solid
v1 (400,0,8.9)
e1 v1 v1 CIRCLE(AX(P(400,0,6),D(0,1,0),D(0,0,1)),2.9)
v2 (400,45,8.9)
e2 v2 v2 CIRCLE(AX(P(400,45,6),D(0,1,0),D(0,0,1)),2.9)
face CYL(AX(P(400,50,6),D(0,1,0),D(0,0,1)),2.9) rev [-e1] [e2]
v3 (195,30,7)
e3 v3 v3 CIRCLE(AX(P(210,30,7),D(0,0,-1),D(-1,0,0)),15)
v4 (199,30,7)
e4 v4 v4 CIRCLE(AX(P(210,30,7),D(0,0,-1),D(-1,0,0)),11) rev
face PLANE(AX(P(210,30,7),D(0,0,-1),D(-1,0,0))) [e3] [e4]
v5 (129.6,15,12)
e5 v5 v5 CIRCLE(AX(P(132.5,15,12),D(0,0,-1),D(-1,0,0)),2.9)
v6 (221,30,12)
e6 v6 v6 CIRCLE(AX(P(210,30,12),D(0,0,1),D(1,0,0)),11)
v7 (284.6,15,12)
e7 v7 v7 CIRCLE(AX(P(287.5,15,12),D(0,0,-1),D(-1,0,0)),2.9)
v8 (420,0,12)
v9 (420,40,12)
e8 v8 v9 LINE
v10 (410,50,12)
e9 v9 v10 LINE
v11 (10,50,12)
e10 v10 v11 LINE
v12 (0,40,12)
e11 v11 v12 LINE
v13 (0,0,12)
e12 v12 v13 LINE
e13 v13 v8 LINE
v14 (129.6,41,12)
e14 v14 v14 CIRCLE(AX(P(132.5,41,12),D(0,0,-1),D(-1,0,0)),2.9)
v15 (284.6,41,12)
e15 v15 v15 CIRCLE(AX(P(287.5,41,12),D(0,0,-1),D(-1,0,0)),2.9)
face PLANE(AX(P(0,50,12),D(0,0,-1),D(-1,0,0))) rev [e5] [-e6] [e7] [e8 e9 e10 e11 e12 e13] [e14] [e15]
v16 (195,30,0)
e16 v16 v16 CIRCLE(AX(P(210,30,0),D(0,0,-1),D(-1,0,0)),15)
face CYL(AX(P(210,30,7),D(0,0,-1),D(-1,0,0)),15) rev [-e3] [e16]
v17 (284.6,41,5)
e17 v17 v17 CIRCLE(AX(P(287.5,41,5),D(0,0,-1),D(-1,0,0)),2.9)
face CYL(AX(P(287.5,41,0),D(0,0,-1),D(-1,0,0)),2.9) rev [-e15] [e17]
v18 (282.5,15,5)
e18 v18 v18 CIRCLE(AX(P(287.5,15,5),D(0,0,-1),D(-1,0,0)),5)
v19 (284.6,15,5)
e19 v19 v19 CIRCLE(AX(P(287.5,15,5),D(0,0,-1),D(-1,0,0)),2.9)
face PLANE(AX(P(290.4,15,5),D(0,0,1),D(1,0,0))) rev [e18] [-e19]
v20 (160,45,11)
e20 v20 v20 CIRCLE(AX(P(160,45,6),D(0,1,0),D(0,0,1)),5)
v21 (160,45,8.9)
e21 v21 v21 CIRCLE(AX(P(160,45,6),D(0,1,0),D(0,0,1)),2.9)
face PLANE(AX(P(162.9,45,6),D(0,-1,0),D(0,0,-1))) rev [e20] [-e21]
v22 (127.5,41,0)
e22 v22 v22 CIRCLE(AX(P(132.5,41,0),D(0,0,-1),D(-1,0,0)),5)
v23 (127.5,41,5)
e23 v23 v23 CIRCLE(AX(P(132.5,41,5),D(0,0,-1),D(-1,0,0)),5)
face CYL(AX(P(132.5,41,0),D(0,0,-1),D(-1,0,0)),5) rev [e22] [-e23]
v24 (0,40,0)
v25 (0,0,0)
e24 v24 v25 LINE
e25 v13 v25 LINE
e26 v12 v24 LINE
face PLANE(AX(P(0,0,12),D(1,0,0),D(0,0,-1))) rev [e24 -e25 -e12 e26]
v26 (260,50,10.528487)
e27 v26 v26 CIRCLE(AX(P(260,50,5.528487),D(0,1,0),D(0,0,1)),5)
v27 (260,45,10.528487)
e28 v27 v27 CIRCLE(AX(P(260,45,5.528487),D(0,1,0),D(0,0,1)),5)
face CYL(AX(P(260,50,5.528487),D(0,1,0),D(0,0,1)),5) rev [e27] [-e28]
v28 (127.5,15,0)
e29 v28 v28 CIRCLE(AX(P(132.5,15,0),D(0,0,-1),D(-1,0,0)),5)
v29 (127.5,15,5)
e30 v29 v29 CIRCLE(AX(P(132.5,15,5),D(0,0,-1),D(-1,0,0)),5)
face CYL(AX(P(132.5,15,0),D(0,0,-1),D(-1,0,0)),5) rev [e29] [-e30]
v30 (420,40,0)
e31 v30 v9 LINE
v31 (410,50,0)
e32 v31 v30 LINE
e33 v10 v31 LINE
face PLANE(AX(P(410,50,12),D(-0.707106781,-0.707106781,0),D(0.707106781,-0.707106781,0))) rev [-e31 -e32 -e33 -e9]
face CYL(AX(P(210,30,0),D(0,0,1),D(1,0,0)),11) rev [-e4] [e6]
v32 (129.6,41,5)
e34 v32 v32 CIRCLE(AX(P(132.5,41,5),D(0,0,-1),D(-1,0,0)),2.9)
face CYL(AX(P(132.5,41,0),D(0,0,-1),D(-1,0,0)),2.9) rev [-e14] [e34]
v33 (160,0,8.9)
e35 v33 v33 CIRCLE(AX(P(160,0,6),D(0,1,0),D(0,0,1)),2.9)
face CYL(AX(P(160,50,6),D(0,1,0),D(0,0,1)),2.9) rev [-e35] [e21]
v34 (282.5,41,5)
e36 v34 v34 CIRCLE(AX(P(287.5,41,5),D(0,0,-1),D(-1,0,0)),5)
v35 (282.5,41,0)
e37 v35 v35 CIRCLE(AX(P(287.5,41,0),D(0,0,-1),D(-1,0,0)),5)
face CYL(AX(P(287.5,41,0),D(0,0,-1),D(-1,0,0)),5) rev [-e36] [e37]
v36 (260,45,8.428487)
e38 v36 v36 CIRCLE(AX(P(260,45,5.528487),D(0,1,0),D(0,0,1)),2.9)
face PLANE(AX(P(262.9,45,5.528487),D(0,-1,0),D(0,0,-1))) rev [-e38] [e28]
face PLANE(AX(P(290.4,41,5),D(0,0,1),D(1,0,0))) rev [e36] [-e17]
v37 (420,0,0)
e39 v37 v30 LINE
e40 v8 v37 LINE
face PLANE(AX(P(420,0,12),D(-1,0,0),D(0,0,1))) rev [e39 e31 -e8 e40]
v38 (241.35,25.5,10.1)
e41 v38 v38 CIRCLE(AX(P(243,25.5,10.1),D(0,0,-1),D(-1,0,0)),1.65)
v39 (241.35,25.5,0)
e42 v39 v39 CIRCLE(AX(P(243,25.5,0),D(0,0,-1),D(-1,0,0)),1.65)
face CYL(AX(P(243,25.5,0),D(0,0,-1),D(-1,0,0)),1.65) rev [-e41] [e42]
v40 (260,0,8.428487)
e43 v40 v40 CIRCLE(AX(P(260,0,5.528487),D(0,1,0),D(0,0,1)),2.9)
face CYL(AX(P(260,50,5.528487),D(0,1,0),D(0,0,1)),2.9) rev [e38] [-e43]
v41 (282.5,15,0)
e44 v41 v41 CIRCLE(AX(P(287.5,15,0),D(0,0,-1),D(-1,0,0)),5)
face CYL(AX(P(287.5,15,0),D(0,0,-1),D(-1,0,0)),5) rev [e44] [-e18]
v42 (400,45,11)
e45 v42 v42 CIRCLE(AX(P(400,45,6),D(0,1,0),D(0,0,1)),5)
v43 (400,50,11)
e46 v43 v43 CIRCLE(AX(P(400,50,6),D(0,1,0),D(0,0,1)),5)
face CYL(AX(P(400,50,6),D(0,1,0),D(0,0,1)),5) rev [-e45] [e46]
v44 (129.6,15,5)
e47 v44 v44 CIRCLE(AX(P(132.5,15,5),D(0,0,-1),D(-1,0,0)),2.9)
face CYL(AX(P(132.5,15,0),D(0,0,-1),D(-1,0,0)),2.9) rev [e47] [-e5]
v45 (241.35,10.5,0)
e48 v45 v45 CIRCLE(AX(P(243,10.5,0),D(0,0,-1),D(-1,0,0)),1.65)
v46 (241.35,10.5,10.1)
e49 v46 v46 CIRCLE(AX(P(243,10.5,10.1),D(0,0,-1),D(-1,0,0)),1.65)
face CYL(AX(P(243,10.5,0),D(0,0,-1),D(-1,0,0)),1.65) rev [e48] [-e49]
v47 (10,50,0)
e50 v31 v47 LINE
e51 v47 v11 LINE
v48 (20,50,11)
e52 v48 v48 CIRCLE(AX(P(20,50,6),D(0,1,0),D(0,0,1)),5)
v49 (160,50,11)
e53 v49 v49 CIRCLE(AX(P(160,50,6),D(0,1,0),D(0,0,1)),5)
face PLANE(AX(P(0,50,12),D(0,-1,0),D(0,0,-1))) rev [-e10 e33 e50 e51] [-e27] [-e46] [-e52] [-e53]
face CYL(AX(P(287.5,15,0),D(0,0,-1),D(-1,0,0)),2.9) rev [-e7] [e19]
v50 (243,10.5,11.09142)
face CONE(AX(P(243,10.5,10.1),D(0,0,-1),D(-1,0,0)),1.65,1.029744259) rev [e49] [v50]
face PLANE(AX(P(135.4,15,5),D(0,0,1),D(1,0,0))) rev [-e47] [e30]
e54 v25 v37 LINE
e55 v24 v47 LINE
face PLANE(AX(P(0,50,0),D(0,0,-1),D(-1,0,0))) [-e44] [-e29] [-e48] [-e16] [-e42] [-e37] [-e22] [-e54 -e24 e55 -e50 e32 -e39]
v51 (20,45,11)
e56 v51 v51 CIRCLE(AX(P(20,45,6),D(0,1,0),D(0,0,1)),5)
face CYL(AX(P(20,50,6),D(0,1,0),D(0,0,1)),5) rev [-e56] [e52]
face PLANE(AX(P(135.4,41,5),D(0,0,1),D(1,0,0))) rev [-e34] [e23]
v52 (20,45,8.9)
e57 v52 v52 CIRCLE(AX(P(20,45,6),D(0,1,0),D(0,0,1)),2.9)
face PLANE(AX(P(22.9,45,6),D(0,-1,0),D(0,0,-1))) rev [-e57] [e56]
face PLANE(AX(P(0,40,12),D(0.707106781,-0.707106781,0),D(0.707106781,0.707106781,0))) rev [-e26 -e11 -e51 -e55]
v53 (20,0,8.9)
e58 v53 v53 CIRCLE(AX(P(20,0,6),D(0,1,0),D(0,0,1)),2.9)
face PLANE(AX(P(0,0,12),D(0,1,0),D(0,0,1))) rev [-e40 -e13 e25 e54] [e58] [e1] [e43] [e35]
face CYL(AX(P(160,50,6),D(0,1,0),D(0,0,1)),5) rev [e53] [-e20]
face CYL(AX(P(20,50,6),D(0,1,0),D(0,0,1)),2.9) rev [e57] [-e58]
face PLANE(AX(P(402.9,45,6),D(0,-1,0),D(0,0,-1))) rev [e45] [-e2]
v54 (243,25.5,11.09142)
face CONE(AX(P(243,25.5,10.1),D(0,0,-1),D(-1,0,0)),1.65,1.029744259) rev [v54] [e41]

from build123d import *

# Parameters (mm, degrees)
SKETCH_1_W                   = 420
SKETCH_1_H                   = 50
EXTRUDE_1_DEPTH              = 12
CHAMFER_1_SIZE               = 10
SKETCH_2_R                   = 11
CUT_EXTRUDE_1_DEPTH          = 424.135911972
SKETCH_3_R                   = 15
CUT_EXTRUDE_2_DEPTH          = 7
HOLE_WIZARD_M5_1_D           = 5.8
HOLE_WIZARD_M5_1_CBORE_D     = 10
HOLE_WIZARD_M5_1_CBORE_DEPTH = 5
HOLE_WIZARD_M5_2_D           = 5.8
HOLE_WIZARD_M5_2_CBORE_D     = 10
HOLE_WIZARD_M5_2_CBORE_DEPTH = 5
HOLE_WIZARD_M4_1_D           = 3.3
HOLE_WIZARD_M4_1_DEPTH       = 10.1
HOLE_WIZARD_M4_1_TIP         = 0.991420021


with BuildPart() as part:
    # 草图1 → 凸台-拉伸1 (new body)
    with BuildSketch(Plane.XY):
        with Locations((210, 25)):
            Rectangle(SKETCH_1_W, SKETCH_1_H)
    extrude(amount=EXTRUDE_1_DEPTH)

    # 倒角1
    chamfer_1_edges = [part.edges().sort_by_distance(p)[0] for p in [
        (0, 50, 6),
        (420, 50, 6),
    ]]
    chamfer(chamfer_1_edges, length=CHAMFER_1_SIZE)

    # 草图2 → 切除-拉伸1 (cut, through all)
    with BuildSketch(Plane.XY.offset(12)):
        with Locations((210, 30)):
            Circle(SKETCH_2_R)
    extrude(amount=-CUT_EXTRUDE_1_DEPTH, mode=Mode.SUBTRACT)

    # 草图3 → 切除-拉伸2 (cut)
    with BuildSketch(Plane(origin=(0, 0, 0), x_dir=(-1, 0, 0), z_dir=(0, 0, -1))):
        with Locations((-210, 30)):
            Circle(SKETCH_3_R)
    extrude(amount=-CUT_EXTRUDE_2_DEPTH, mode=Mode.SUBTRACT)

    # M5 六角凹头螺钉的柱形沉头孔1 (through all)
    with Locations(Plane(origin=(0, 50, 0), x_dir=(-1, 0, 0), z_dir=(0, 1, 0))):
        with Locations((-20, 6), (-160, 6), (-260, 5.528486678), (-400, 6)):
            CounterBoreHole(HOLE_WIZARD_M5_1_D / 2, HOLE_WIZARD_M5_1_CBORE_D / 2, HOLE_WIZARD_M5_1_CBORE_DEPTH)

    # M5 六角凹头螺钉的柱形沉头孔2 (through all)
    with Locations(Plane(origin=(0, 0, 0), x_dir=(-1, 0, 0), z_dir=(0, 0, -1))):
        with Locations((-287.5, 41), (-287.5, 15), (-132.5, 41), (-132.5, 15)):
            CounterBoreHole(HOLE_WIZARD_M5_2_D / 2, HOLE_WIZARD_M5_2_CBORE_D / 2, HOLE_WIZARD_M5_2_CBORE_DEPTH)

    # M4 螺纹孔1
    with Locations(Plane(origin=(0, 0, 0), x_dir=(-1, 0, 0), z_dir=(0, 0, -1))):
        with Locations((-243, 25.5), (-243, 10.5)):
            Hole(HOLE_WIZARD_M4_1_D / 2, depth=HOLE_WIZARD_M4_1_DEPTH)
            with Locations((0, 0, -(HOLE_WIZARD_M4_1_DEPTH + HOLE_WIZARD_M4_1_TIP / 2))):  # 118° drill point
                Cone(0, HOLE_WIZARD_M4_1_D / 2, HOLE_WIZARD_M4_1_TIP, mode=Mode.SUBTRACT)


solid = part.part
